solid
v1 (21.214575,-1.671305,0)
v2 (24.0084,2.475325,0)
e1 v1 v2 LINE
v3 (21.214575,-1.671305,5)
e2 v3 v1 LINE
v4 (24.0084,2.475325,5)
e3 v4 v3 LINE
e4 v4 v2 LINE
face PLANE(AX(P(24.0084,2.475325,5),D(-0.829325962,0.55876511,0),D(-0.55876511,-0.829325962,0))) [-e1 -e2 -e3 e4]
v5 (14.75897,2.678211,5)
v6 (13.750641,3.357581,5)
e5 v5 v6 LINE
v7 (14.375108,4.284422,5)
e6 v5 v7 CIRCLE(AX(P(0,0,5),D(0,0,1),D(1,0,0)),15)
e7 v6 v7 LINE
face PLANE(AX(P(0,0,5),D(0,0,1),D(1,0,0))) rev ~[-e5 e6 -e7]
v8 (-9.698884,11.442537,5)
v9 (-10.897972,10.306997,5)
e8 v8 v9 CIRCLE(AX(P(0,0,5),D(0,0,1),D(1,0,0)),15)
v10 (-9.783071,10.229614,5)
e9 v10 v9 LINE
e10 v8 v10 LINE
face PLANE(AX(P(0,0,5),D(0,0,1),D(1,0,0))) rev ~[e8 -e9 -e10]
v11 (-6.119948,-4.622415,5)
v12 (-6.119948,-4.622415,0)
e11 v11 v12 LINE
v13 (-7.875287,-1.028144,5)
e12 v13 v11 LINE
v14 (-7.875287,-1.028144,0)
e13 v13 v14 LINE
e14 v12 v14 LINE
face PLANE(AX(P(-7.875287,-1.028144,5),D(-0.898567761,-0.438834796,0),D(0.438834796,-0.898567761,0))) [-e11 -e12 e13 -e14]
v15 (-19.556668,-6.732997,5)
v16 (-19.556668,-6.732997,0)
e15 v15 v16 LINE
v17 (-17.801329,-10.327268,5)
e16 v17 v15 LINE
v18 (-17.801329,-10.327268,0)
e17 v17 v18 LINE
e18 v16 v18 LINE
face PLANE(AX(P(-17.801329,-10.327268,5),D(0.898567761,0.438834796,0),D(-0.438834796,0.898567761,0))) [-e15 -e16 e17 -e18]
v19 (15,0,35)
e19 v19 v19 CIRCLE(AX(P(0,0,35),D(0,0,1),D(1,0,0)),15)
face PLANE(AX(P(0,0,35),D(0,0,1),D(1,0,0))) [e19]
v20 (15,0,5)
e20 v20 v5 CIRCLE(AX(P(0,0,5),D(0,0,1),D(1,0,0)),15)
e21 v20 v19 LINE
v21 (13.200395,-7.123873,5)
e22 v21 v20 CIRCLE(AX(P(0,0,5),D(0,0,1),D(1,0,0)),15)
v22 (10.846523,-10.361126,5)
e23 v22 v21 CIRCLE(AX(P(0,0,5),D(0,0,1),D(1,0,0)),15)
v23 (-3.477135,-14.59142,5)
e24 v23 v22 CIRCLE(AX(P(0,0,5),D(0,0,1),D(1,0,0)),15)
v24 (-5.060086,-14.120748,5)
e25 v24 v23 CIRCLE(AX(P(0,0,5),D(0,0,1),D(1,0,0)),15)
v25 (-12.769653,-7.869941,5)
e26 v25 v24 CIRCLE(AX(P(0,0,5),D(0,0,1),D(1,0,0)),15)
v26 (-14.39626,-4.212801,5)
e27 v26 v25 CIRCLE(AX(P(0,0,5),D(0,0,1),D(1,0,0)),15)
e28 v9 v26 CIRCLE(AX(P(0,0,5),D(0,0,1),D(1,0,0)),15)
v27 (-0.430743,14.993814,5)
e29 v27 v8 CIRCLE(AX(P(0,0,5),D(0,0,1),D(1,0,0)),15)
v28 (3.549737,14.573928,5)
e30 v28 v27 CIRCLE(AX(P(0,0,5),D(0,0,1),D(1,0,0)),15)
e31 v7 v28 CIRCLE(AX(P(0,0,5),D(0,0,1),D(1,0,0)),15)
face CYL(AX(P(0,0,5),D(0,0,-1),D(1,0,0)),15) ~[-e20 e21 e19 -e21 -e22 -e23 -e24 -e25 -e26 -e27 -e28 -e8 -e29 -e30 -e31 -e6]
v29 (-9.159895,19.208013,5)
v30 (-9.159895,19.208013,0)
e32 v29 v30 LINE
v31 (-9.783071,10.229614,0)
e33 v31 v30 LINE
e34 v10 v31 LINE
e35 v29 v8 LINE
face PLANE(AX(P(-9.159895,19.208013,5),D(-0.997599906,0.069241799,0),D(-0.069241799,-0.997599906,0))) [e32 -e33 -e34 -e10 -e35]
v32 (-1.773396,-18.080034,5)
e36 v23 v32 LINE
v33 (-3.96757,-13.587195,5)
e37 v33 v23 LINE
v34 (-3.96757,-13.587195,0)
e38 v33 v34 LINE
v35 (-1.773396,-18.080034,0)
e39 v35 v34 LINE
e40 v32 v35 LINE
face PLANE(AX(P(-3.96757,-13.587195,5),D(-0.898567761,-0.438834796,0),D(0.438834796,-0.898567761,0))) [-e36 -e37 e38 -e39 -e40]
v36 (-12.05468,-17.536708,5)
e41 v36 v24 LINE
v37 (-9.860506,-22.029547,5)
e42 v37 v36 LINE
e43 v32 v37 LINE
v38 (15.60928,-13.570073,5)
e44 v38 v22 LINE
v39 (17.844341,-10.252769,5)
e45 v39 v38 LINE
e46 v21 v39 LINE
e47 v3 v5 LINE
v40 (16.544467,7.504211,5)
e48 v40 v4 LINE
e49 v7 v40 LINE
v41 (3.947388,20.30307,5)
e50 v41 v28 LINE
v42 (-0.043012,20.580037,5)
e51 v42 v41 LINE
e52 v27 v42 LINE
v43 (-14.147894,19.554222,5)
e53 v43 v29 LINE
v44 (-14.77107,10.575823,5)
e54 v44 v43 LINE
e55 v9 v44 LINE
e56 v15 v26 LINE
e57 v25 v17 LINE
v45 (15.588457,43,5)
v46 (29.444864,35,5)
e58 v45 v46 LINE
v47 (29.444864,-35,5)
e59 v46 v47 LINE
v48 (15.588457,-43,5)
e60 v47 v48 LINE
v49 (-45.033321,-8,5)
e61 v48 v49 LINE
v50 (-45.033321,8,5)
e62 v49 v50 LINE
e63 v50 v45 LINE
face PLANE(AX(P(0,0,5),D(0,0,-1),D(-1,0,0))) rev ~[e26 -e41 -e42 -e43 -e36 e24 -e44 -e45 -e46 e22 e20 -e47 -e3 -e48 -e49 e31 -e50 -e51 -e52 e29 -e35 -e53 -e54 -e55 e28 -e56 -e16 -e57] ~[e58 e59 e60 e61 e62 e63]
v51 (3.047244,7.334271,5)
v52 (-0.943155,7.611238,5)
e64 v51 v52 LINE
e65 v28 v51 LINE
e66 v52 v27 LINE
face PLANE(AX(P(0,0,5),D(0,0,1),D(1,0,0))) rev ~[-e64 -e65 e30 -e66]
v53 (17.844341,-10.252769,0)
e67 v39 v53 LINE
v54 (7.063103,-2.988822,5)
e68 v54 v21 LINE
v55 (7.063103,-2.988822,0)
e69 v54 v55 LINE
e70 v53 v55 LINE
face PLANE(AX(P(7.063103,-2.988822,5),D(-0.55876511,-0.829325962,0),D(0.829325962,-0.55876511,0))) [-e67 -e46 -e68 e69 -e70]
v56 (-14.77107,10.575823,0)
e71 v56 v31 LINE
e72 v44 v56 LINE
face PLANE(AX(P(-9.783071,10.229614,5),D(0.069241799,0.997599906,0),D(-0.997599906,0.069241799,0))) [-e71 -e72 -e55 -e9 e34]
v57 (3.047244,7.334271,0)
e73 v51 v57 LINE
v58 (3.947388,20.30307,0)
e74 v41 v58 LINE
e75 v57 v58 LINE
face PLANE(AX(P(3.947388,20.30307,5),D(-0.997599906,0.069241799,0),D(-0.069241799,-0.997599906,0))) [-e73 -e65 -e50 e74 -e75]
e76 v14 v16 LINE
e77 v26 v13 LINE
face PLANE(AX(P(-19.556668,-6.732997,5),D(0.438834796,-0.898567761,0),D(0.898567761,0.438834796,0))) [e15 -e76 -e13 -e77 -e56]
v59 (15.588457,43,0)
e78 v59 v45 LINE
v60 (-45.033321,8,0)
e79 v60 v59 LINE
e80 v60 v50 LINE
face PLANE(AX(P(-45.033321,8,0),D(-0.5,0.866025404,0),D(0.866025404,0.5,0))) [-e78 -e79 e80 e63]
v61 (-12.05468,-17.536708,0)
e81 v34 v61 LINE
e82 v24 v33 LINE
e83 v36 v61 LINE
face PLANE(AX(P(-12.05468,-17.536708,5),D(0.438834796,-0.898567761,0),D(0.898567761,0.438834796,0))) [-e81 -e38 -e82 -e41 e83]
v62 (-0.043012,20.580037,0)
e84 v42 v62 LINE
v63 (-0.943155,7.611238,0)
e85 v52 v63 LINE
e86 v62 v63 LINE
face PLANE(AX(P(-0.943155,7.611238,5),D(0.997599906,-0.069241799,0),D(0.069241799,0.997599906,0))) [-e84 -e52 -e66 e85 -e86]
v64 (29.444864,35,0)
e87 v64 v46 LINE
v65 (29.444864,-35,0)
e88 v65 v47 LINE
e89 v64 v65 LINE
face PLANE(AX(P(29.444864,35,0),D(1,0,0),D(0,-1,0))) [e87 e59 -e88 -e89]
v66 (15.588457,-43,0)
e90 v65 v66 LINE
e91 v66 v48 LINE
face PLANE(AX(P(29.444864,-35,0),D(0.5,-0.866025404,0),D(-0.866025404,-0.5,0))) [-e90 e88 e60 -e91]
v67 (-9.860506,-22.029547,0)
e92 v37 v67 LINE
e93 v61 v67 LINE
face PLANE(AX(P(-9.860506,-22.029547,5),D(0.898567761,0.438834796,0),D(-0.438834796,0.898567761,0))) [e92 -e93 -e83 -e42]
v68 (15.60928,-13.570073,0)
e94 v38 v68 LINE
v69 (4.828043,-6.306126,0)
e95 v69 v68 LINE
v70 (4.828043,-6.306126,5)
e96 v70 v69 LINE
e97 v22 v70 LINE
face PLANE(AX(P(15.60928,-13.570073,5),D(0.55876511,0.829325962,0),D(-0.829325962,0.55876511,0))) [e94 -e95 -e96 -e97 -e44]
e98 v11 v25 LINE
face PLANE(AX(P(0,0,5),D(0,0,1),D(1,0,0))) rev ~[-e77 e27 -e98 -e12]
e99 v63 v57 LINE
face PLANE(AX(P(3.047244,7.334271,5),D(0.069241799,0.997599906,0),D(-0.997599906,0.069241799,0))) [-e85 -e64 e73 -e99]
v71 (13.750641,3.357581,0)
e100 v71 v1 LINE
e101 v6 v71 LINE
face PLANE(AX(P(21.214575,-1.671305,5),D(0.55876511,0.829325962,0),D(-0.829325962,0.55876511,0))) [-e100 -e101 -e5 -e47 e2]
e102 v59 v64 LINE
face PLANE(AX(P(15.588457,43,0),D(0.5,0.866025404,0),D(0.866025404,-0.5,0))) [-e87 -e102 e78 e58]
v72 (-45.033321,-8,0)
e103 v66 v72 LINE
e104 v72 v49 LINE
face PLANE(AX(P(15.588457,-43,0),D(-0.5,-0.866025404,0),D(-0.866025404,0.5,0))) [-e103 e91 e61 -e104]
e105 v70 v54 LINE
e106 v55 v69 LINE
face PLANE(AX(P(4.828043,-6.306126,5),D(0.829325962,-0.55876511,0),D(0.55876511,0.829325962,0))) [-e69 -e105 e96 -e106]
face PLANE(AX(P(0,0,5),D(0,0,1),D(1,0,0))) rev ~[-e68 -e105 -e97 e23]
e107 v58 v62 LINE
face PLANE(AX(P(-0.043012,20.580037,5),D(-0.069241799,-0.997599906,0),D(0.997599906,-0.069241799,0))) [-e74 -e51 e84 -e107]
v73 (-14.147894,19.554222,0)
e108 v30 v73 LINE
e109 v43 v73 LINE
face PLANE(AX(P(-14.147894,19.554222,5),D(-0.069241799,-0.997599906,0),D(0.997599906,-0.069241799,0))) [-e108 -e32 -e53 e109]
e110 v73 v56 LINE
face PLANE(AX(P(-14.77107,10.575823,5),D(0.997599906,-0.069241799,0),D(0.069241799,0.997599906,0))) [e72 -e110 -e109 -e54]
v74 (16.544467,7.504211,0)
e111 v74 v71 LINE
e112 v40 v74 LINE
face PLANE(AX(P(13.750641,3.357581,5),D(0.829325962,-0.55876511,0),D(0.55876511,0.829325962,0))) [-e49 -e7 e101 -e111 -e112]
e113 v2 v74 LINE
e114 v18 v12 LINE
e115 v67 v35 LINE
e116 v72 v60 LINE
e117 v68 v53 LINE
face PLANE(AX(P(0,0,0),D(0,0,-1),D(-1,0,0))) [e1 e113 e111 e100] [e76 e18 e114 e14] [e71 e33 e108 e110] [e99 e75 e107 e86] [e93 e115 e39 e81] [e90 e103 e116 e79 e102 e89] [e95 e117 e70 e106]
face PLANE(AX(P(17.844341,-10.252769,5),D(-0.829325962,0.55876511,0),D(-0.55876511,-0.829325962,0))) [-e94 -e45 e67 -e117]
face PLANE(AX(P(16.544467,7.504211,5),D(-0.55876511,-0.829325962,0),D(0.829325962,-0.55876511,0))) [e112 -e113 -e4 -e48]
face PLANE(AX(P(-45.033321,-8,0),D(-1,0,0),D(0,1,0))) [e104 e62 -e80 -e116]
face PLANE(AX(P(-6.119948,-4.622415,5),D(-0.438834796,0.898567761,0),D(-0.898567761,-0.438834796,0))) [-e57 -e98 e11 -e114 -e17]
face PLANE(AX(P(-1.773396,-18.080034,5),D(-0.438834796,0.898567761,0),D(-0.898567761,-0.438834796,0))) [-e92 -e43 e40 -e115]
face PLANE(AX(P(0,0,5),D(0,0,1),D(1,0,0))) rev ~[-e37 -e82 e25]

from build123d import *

# Parameters (mm, degrees)
BOSS_EXTRUDE1_DEPTH = 5
CUT_EXTRUDE7_DEPTH  = 6
CIRPATTERN1_COUNT   = 3
SKETCH11_R          = 15
BOSS_EXTRUDE2_DEPTH = 30


with BuildPart() as part:
    # Sketch1 → Boss-Extrude1 (new body)
    with BuildSketch(Plane.XY):
        Polygon((-45.033320997, -8), (-45.033320997, 8), (15.588457268, 43), (29.444863729, 35), (29.444863729, -35), (15.588457268, -43), align=None)
    extrude(amount=BOSS_EXTRUDE1_DEPTH)

    # Sketch9 → Cut-Extrude7 (cut, through all)
    with BuildSketch(Plane.XY.offset(5)):
        Polygon((-19.556667785, -6.732996787), (-7.875286887, -1.028144438), (-6.119947703, -4.622415484), (-17.801328601, -10.327267832), align=None)
        Polygon((-12.054679914, -17.536708093), (-3.967570061, -13.587194928), (-1.773396081, -18.080033735), (-9.860505933, -22.029546899), align=None)
    cut_extrude7 = extrude(amount=-CUT_EXTRUDE7_DEPTH, mode=Mode.SUBTRACT)

    # CirPattern1: Cut-Extrude7 ×3 about axis
    cirpattern1_axis = Axis((0, 0, 0), (0, 0, 1))
    for i in range(1, CIRPATTERN1_COUNT):
        add(cut_extrude7.rotate(cirpattern1_axis, i * 360 / CIRPATTERN1_COUNT), mode=Mode.SUBTRACT)

    # Sketch11 → Boss-Extrude2 (add)
    with BuildSketch(Plane.XY.offset(5)):
        Circle(SKETCH11_R)
    extrude(amount=BOSS_EXTRUDE2_DEPTH)


solid = part.part
